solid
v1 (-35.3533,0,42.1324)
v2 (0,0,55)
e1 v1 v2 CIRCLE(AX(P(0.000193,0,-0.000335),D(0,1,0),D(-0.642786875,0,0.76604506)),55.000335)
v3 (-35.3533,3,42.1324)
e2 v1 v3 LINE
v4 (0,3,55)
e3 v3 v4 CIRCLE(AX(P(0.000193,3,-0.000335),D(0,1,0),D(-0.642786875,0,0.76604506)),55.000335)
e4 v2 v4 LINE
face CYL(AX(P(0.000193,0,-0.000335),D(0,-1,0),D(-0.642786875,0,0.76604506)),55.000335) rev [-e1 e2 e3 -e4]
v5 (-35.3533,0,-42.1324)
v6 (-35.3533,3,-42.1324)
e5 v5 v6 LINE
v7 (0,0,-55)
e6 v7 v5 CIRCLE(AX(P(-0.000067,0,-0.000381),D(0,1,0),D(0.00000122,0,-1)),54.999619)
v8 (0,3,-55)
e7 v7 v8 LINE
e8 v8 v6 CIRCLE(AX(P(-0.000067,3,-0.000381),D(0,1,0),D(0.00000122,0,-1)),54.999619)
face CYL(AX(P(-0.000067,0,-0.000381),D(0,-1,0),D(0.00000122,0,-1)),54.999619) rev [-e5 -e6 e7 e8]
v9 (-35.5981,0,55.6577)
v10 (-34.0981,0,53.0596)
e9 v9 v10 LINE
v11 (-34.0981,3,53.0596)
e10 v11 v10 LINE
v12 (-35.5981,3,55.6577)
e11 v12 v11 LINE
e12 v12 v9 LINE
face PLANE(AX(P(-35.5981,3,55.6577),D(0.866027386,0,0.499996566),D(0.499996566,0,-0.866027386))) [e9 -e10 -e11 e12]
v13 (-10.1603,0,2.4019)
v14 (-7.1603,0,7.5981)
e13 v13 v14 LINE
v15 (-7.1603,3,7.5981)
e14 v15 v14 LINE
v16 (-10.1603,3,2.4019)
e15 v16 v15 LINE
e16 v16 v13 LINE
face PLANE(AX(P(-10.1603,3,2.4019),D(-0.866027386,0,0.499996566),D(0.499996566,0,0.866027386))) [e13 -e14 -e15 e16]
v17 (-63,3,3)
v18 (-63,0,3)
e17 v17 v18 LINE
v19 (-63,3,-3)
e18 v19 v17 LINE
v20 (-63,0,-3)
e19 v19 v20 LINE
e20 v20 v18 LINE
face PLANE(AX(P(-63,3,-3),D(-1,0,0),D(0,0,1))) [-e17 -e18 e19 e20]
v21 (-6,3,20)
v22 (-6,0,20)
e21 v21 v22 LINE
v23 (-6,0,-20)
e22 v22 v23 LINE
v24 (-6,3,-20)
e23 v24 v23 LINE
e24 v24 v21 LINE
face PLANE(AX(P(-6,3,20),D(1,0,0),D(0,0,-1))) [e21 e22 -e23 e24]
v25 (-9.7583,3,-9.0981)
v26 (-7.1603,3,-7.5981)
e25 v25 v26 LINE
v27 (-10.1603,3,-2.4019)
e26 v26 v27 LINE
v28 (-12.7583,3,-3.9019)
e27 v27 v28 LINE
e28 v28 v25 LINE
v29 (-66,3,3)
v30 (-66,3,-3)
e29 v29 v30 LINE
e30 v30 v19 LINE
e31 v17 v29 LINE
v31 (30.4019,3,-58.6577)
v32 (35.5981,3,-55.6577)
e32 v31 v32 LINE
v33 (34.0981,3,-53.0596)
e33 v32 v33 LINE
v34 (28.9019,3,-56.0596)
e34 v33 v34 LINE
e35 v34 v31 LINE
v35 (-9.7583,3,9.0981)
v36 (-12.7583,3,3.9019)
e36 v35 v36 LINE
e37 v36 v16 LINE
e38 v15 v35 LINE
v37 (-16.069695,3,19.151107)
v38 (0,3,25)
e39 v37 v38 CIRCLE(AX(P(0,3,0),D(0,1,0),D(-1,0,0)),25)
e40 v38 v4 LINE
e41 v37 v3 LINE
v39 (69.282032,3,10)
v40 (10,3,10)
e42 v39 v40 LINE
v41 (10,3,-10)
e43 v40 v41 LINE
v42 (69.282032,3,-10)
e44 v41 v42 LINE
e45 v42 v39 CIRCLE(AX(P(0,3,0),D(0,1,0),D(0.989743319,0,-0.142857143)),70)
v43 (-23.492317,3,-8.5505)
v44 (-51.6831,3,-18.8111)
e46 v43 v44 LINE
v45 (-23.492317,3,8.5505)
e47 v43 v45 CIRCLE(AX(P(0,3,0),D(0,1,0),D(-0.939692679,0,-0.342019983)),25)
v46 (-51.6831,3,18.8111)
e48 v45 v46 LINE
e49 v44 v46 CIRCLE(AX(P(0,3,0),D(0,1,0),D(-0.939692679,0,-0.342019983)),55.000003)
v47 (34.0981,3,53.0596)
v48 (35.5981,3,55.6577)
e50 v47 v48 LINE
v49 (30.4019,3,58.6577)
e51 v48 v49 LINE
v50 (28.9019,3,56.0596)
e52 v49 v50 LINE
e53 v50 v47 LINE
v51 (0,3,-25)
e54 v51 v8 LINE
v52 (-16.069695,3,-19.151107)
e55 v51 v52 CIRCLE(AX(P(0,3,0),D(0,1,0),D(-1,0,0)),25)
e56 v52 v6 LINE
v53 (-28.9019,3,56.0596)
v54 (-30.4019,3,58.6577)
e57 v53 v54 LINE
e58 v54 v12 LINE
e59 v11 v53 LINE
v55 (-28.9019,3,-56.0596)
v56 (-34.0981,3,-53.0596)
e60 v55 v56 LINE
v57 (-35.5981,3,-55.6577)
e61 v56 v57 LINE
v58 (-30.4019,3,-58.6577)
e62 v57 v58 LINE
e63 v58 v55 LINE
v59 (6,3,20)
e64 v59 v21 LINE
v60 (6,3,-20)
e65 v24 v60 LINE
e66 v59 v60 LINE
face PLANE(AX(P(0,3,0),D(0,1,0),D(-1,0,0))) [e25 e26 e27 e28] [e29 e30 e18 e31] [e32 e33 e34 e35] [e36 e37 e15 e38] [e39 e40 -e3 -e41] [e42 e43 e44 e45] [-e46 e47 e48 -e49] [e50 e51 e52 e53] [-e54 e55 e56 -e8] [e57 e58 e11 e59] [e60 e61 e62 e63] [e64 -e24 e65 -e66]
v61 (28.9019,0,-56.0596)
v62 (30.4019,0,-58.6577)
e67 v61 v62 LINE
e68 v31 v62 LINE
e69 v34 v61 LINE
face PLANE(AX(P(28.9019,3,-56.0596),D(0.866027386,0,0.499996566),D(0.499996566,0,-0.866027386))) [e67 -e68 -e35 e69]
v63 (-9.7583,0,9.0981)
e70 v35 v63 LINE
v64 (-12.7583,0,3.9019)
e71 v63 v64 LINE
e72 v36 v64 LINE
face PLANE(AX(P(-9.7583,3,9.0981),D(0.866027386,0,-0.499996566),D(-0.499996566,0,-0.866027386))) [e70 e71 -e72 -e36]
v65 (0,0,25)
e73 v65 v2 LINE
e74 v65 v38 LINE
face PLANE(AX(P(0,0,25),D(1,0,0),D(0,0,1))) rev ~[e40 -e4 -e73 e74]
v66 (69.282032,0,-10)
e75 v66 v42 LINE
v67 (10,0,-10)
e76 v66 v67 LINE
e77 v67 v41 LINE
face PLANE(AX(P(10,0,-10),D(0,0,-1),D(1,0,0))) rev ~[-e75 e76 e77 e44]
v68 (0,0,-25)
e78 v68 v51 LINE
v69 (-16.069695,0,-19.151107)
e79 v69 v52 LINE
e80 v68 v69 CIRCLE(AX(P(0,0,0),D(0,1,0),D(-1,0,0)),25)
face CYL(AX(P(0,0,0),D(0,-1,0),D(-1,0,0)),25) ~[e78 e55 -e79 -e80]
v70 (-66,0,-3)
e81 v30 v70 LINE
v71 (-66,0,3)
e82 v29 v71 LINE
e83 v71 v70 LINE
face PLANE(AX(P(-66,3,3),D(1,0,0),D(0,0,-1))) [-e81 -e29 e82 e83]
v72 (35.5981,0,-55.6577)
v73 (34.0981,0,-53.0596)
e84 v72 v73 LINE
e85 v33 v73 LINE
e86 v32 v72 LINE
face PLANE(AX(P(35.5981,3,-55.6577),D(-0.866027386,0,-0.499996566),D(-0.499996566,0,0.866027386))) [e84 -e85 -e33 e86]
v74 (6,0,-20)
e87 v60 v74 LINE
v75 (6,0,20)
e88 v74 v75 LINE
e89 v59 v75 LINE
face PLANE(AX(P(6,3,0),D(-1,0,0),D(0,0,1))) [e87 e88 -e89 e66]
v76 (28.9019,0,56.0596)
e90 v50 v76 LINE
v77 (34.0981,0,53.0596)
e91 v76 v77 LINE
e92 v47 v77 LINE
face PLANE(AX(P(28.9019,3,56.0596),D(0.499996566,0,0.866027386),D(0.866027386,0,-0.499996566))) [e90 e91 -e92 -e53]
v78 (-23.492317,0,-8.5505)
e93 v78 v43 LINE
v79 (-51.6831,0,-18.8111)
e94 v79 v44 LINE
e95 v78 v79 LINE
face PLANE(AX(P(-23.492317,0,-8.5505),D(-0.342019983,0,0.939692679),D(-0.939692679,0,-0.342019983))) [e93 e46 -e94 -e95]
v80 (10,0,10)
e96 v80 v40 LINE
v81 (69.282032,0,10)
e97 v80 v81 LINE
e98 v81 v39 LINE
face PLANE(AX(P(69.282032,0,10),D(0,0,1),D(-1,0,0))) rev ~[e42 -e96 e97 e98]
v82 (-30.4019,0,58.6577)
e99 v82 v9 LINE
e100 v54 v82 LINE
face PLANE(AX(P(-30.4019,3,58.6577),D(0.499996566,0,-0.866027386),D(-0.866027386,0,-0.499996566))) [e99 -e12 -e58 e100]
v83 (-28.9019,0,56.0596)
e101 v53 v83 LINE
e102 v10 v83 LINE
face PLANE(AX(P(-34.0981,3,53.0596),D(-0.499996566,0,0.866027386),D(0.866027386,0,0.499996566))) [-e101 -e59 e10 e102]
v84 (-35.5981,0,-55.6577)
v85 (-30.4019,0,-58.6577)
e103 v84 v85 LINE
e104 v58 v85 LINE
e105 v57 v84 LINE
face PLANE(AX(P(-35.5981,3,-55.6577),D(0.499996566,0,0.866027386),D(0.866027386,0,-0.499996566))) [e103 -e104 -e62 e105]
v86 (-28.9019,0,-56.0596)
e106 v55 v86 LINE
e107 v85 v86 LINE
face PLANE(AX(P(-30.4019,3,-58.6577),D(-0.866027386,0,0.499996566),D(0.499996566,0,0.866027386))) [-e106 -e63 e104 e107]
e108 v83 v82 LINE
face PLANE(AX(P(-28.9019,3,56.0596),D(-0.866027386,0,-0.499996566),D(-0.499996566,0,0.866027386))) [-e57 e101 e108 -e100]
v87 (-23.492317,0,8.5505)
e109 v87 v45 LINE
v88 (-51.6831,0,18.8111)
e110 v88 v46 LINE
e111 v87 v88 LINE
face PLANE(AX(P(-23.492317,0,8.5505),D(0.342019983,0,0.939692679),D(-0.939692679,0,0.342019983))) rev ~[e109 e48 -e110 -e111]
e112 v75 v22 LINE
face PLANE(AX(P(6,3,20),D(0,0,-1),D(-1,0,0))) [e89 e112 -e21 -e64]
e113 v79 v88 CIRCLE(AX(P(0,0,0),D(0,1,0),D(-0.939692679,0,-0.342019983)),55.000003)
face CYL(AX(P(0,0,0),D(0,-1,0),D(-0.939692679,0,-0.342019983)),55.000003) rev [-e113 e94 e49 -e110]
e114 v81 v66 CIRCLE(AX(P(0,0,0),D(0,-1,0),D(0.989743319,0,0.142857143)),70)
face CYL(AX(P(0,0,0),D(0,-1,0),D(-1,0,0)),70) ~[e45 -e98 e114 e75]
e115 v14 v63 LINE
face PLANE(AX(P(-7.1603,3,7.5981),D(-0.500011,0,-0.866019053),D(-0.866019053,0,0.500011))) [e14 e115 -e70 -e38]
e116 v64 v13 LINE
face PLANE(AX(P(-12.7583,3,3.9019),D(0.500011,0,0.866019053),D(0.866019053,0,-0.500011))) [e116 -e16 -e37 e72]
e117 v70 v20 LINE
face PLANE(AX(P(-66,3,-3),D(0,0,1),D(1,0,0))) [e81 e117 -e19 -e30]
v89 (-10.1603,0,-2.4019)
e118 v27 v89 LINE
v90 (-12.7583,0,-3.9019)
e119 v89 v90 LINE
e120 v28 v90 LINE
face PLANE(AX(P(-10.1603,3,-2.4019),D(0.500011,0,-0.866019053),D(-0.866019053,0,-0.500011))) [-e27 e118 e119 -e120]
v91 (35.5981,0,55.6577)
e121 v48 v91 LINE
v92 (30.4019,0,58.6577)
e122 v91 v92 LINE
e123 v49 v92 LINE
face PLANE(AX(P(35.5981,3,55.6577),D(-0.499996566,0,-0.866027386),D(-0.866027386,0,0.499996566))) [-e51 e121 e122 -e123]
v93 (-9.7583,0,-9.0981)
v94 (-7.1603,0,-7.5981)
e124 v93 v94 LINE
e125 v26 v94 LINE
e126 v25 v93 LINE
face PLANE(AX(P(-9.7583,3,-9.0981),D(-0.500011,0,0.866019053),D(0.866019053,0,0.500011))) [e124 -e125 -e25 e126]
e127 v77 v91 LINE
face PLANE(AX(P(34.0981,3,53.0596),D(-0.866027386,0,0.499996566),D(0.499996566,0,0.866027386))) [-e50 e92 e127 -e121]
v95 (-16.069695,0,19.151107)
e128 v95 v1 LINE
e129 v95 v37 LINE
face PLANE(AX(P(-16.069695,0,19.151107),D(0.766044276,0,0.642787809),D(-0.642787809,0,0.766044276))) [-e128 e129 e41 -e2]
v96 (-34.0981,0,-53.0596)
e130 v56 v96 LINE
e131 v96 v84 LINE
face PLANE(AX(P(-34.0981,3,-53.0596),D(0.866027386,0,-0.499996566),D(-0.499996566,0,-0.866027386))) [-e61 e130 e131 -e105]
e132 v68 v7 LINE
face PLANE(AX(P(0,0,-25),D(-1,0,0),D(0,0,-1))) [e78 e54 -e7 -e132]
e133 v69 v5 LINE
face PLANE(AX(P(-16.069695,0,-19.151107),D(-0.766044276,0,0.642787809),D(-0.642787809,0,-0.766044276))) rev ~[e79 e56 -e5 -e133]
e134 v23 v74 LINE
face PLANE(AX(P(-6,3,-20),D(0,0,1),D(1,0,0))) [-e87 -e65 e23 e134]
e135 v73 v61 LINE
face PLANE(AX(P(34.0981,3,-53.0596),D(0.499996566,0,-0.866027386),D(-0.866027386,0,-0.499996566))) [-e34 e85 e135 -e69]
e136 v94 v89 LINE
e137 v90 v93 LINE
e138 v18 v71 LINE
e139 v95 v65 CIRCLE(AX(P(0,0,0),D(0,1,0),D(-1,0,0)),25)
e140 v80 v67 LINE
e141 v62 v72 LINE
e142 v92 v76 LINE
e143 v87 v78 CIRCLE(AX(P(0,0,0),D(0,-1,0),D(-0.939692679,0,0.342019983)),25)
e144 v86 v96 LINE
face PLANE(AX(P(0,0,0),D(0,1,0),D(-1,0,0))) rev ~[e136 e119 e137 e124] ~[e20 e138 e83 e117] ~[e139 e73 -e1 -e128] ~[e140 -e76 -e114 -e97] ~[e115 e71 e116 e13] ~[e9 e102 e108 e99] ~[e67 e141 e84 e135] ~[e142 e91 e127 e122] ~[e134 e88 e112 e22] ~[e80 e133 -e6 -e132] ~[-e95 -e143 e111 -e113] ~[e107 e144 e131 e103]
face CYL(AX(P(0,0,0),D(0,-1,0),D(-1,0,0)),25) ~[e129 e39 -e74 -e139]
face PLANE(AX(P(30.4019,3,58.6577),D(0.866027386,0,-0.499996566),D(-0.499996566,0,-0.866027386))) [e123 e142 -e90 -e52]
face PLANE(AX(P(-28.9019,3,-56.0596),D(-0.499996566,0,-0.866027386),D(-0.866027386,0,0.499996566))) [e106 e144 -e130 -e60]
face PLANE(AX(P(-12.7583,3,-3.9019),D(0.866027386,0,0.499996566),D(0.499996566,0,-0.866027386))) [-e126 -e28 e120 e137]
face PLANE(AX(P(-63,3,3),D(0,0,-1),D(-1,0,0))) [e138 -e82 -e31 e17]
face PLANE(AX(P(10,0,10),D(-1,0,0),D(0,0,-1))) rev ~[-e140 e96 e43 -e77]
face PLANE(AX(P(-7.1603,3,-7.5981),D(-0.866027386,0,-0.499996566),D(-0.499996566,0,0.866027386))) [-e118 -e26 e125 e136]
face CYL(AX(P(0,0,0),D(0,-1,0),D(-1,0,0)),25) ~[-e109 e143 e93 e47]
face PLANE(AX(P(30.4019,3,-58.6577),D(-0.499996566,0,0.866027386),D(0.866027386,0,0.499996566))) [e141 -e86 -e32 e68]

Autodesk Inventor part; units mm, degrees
ref_plane "YZ Plane" through (0, 0, 0) normal (1, 0, 0) x (0, 1, 0)
ref_plane "XZ Plane" through (0, 0, 0) normal (0, 1, 0) x (-1, 0, 0)
ref_plane "XY Plane" through (0, 0, 0) normal (0, 0, 1) x (1, 0, 0)
sketch "草圖1" plane through (0, 0, 0) normal (0, 1, 0) x (-1, 0, 0)
  circle A0 centre (0, 0) radius 70
  circle A1 centre (0, 0) radius 25
  line L0 (-70, 10) -> (-10, 10)
  line L1 (-10, 10) -> (-10, -10)
  line L2 (-10, -10) -> (-70, -10)
  line L3 (-70, -10) -> (-70, 10)
  line L4 (0, 0) -> (0, -55)
  line L5 (0, 0) -> (35.3533, -42.1324)
  arc A2 (0, -55) -> (35.3533, -42.1324) centre (0, 0) ccw
  line L6 (0, 0) -> (51.6831, -18.8111)
  line L7 (0, 0) -> (51.6831, 18.8111)
  arc A3 (51.6831, -18.8111) -> (51.6831, 18.8111) centre (0, 0) ccw
  line L8 (0, 0) -> (35.3533, 42.1324)
  line L9 (0, 0) -> (0, 55)
  arc A4 (35.3533, 42.1324) -> (0, 55) centre (0, 0) ccw
  line L10 (-9.3, -13.3795) -> (-36.7, -13.3795)
  line L11 (-36.7, -13.3795) -> (-36.7, -69.3795)
  line L12 (-36.7, -69.3795) -> (-9.3, -69.3795)
  line L13 (-9.3, -69.3795) -> (-9.3, -13.3795)
  line L14 (-7.8, -20.3795) -> (-10.8, -20.3795)
  line L15 (-10.8, -20.3795) -> (-10.8, -27.3795)
  line L16 (-10.8, -27.3795) -> (-7.8, -27.3795)
  line L17 (-7.8, -27.3795) -> (-7.8, -20.3795)
  line L18 (-7.8, -55.3795) -> (-10.8, -55.3795)
  line L19 (-10.8, -55.3795) -> (-10.8, -62.3795)
  line L20 (-10.8, -62.3795) -> (-7.8, -62.3795)
  line L21 (-7.8, -62.3795) -> (-7.8, -55.3795)
  line L22 (-35.2, -20.3795) -> (-38.2, -20.3795)
  line L23 (-38.2, -20.3795) -> (-38.2, -27.3795)
  line L24 (-38.2, -27.3795) -> (-35.2, -27.3795)
  line L25 (-35.2, -27.3795) -> (-35.2, -20.3795)
  line L26 (-35.2, -48.3795) -> (-38.2, -48.3795)
  line L27 (-38.2, -48.3795) -> (-38.2, -55.3795)
  line L28 (-38.2, -55.3795) -> (-35.2, -55.3795)
  line L29 (-35.2, -55.3795) -> (-35.2, -48.3795)
  circle A5 centre (0, 0) radius 2
  line L30 (-1.5, 1.3229) -> (-1.5, -1.3229)
  point P0 (-23, -13.3795)
  point P1 (-9.3, -20.3795)
  point P2 (-9.3, -62.3795)
  point P3 (-36.7, -20.3795)
  point P4 (-36.7, -48.3795)
  point P5 (16.0697, -19.1511)
  point P6 (0, -25)
  point P7 (-69.282, 10)
  point P8 (-69.282, -10)
  point P9 (16.0697, 19.1511)
  point P10 (0, 25)
  point P11 (23.4923, -8.5505)
  point P12 (23.4923, 8.5505)
  point P13 (-70, 0)
  dimension "d0" = 140
  dimension "d1" = 50
  dimension "d2" = 20
  dimension "d3" = 60
  dimension "d4" = 55
  dimension "d5" = 40
  dimension "d6" = 55
  dimension "d9" = 140
  dimension "d11" = 13
  dimension "d12" = 27.4
  dimension "d13" = 56
  dimension "d14" = 7
  dimension "d15" = 3
  dimension "d16" = 7
  dimension "d17" = 7
  dimension "d18" = 3
  dimension "d19" = 7
  dimension "d20" = 7
  dimension "d21" = 3
  dimension "d22" = 7
  dimension "d23" = 7
  dimension "d24" = 3
  dimension "d25" = 21
  dimension "d28" = 4
  dimension "d29" = 1.5
extrude "擠出1" add sketch "草圖1" along normal blind 3 contours L13 L20 L21 L18 L16 L17 A1 L4 A2 L5 L6 A3 L7 L8 A4 L9 L0 A0 | A0 L11 L28 L29 L26 L24 L25 L22 L10 A1 L15 L16 L13 L18 L19 L20 | A0 L2 A1 L10 L11 L22 L23 L24 L26 L27 L28 | L20 L19 L18 L13 | L13 L18 L21 L20 | L28 L27 L26 L11 | L11 L26 L29 L28 | A1 L9 A5 L4 L17 L14 L13 L10 L2 L1 L0 | L16 L15 A1 L13 | L13 A1 L17 L16 | A1 L8 A5 L9 | L10 L13 L14 L15 A1 | L24 L23 L22 L11 | L11 L22 L25 L24 | L13 L14 L17 A1 | A1 L15 L14 L13 | A1 L7 A5 L8 | A1 L6 A5 L7 | L30 A5 | L4 A5 L5 A1 | A5 L6 A1 L5
sketch "草圖2" plane through (0, 3, 0) normal (0, 1, 0) x (1, 0, 0)
  line L0 (-3, 13) -> (3, 13)
  line L1 (3, 13) -> (3, 10)
  line L2 (3, 10) -> (-3, 10)
  line L3 (-3, 10) -> (-3, 13)
  line L4 (-12.7583, 3.9019) -> (-9.7583, 9.0981)
  line L5 (-9.7583, 9.0981) -> (-7.1603, 7.5981)
  line L6 (-7.1603, 7.5981) -> (-10.1603, 2.4019)
  line L7 (-10.1603, 2.4019) -> (-12.7583, 3.9019)
  line L8 (-9.7583, -9.0981) -> (-12.7583, -3.9019)
  line L9 (-12.7583, -3.9019) -> (-10.1603, -2.4019)
  line L10 (-10.1603, -2.4019) -> (-7.1603, -7.5981)
  line L11 (-7.1603, -7.5981) -> (-9.7583, -9.0981)
  line L12 (3, -13) -> (-3, -13)
  line L13 (-3, -13) -> (-3, -10)
  line L14 (-3, -10) -> (3, -10)
  line L15 (3, -10) -> (3, -13)
  line L16 (-66, 3) -> (-63, 3)
  line L17 (-63, 3) -> (-63, -3)
  line L18 (-63, -3) -> (-66, -3)
  line L19 (-66, -3) -> (-66, 3)
  line L20 (-34.0981, -53.0596) -> (-28.9019, -56.0596)
  line L21 (-28.9019, -56.0596) -> (-30.4019, -58.6577)
  line L22 (-30.4019, -58.6577) -> (-35.5981, -55.6577)
  line L23 (-35.5981, -55.6577) -> (-34.0981, -53.0596)
  line L24 (28.9019, -56.0596) -> (34.0981, -53.0596)
  line L25 (34.0981, -53.0596) -> (35.5981, -55.6577)
  line L26 (35.5981, -55.6577) -> (30.4019, -58.6577)
  line L27 (30.4019, -58.6577) -> (28.9019, -56.0596)
  line L28 (63, -3) -> (63, 3)
  line L29 (63, 3) -> (66, 3)
  line L30 (66, 3) -> (66, -3)
  line L31 (66, -3) -> (63, -3)
  line L32 (34.0981, 53.0596) -> (28.9019, 56.0596)
  line L33 (28.9019, 56.0596) -> (30.4019, 58.6577)
  line L34 (30.4019, 58.6577) -> (35.5981, 55.6577)
  line L35 (35.5981, 55.6577) -> (34.0981, 53.0596)
  line L36 (-28.9019, 56.0596) -> (-34.0981, 53.0596)
  line L37 (-34.0981, 53.0596) -> (-35.5981, 55.6577)
  line L38 (-35.5981, 55.6577) -> (-30.4019, 58.6577)
  line L39 (-30.4019, 58.6577) -> (-28.9019, 56.0596)
  point P0 (0, 0)
  point P1 (0, 10)
  point P2 (-8.6603, 5)
  point P3 (-8.6603, -5)
  point P4 (0, -10)
  point P5 (-63, 0)
  point P6 (-31.5, -54.5596)
  point P7 (31.5, -54.5596)
  point P8 (63, 0)
  point P9 (31.5, 54.5596)
  point P10 (-31.5, 54.5596)
  dimension "d30" = 3
  dimension "d31" = 6
  dimension "d32" = 10
  dimension "d35" = 180
  dimension "d46" = 3
  dimension "d47" = 6
  dimension "d48" = 63
  dimension "d51" = 360
extrude "擠出2" cut sketch "草圖2" against normal through all contours L0 L1 L2 L3 | L4 L5 L6 L7 | L8 L9 L10 L11 | L12 L13 L14 L15 | L16 L17 L18 L19 | L20 L21 L22 L23 | L24 L25 L26 L27 | L32 L33 L34 L35 | L36 L37 L38 L39
sketch "草圖3" plane through (0, 3, 0) normal (0, 1, 0) x (1, 0, 0)
  circle A0 centre (0, 0) radius 6
  line L0 (-6, 20) -> (6, 20)
  line L1 (6, 20) -> (6, -20)
  line L2 (6, -20) -> (-6, -20)
  line L3 (-6, -20) -> (-6, 20)
  point P0 (6, 0)
  point P1 (0, 20)
  dimension "d53" = 12
  dimension "d54" = 40
  dimension "d55" = 12
extrude "擠出3" cut sketch "草圖3" against normal blind 10
properties material "MDF Medium Density Fiberboard"
